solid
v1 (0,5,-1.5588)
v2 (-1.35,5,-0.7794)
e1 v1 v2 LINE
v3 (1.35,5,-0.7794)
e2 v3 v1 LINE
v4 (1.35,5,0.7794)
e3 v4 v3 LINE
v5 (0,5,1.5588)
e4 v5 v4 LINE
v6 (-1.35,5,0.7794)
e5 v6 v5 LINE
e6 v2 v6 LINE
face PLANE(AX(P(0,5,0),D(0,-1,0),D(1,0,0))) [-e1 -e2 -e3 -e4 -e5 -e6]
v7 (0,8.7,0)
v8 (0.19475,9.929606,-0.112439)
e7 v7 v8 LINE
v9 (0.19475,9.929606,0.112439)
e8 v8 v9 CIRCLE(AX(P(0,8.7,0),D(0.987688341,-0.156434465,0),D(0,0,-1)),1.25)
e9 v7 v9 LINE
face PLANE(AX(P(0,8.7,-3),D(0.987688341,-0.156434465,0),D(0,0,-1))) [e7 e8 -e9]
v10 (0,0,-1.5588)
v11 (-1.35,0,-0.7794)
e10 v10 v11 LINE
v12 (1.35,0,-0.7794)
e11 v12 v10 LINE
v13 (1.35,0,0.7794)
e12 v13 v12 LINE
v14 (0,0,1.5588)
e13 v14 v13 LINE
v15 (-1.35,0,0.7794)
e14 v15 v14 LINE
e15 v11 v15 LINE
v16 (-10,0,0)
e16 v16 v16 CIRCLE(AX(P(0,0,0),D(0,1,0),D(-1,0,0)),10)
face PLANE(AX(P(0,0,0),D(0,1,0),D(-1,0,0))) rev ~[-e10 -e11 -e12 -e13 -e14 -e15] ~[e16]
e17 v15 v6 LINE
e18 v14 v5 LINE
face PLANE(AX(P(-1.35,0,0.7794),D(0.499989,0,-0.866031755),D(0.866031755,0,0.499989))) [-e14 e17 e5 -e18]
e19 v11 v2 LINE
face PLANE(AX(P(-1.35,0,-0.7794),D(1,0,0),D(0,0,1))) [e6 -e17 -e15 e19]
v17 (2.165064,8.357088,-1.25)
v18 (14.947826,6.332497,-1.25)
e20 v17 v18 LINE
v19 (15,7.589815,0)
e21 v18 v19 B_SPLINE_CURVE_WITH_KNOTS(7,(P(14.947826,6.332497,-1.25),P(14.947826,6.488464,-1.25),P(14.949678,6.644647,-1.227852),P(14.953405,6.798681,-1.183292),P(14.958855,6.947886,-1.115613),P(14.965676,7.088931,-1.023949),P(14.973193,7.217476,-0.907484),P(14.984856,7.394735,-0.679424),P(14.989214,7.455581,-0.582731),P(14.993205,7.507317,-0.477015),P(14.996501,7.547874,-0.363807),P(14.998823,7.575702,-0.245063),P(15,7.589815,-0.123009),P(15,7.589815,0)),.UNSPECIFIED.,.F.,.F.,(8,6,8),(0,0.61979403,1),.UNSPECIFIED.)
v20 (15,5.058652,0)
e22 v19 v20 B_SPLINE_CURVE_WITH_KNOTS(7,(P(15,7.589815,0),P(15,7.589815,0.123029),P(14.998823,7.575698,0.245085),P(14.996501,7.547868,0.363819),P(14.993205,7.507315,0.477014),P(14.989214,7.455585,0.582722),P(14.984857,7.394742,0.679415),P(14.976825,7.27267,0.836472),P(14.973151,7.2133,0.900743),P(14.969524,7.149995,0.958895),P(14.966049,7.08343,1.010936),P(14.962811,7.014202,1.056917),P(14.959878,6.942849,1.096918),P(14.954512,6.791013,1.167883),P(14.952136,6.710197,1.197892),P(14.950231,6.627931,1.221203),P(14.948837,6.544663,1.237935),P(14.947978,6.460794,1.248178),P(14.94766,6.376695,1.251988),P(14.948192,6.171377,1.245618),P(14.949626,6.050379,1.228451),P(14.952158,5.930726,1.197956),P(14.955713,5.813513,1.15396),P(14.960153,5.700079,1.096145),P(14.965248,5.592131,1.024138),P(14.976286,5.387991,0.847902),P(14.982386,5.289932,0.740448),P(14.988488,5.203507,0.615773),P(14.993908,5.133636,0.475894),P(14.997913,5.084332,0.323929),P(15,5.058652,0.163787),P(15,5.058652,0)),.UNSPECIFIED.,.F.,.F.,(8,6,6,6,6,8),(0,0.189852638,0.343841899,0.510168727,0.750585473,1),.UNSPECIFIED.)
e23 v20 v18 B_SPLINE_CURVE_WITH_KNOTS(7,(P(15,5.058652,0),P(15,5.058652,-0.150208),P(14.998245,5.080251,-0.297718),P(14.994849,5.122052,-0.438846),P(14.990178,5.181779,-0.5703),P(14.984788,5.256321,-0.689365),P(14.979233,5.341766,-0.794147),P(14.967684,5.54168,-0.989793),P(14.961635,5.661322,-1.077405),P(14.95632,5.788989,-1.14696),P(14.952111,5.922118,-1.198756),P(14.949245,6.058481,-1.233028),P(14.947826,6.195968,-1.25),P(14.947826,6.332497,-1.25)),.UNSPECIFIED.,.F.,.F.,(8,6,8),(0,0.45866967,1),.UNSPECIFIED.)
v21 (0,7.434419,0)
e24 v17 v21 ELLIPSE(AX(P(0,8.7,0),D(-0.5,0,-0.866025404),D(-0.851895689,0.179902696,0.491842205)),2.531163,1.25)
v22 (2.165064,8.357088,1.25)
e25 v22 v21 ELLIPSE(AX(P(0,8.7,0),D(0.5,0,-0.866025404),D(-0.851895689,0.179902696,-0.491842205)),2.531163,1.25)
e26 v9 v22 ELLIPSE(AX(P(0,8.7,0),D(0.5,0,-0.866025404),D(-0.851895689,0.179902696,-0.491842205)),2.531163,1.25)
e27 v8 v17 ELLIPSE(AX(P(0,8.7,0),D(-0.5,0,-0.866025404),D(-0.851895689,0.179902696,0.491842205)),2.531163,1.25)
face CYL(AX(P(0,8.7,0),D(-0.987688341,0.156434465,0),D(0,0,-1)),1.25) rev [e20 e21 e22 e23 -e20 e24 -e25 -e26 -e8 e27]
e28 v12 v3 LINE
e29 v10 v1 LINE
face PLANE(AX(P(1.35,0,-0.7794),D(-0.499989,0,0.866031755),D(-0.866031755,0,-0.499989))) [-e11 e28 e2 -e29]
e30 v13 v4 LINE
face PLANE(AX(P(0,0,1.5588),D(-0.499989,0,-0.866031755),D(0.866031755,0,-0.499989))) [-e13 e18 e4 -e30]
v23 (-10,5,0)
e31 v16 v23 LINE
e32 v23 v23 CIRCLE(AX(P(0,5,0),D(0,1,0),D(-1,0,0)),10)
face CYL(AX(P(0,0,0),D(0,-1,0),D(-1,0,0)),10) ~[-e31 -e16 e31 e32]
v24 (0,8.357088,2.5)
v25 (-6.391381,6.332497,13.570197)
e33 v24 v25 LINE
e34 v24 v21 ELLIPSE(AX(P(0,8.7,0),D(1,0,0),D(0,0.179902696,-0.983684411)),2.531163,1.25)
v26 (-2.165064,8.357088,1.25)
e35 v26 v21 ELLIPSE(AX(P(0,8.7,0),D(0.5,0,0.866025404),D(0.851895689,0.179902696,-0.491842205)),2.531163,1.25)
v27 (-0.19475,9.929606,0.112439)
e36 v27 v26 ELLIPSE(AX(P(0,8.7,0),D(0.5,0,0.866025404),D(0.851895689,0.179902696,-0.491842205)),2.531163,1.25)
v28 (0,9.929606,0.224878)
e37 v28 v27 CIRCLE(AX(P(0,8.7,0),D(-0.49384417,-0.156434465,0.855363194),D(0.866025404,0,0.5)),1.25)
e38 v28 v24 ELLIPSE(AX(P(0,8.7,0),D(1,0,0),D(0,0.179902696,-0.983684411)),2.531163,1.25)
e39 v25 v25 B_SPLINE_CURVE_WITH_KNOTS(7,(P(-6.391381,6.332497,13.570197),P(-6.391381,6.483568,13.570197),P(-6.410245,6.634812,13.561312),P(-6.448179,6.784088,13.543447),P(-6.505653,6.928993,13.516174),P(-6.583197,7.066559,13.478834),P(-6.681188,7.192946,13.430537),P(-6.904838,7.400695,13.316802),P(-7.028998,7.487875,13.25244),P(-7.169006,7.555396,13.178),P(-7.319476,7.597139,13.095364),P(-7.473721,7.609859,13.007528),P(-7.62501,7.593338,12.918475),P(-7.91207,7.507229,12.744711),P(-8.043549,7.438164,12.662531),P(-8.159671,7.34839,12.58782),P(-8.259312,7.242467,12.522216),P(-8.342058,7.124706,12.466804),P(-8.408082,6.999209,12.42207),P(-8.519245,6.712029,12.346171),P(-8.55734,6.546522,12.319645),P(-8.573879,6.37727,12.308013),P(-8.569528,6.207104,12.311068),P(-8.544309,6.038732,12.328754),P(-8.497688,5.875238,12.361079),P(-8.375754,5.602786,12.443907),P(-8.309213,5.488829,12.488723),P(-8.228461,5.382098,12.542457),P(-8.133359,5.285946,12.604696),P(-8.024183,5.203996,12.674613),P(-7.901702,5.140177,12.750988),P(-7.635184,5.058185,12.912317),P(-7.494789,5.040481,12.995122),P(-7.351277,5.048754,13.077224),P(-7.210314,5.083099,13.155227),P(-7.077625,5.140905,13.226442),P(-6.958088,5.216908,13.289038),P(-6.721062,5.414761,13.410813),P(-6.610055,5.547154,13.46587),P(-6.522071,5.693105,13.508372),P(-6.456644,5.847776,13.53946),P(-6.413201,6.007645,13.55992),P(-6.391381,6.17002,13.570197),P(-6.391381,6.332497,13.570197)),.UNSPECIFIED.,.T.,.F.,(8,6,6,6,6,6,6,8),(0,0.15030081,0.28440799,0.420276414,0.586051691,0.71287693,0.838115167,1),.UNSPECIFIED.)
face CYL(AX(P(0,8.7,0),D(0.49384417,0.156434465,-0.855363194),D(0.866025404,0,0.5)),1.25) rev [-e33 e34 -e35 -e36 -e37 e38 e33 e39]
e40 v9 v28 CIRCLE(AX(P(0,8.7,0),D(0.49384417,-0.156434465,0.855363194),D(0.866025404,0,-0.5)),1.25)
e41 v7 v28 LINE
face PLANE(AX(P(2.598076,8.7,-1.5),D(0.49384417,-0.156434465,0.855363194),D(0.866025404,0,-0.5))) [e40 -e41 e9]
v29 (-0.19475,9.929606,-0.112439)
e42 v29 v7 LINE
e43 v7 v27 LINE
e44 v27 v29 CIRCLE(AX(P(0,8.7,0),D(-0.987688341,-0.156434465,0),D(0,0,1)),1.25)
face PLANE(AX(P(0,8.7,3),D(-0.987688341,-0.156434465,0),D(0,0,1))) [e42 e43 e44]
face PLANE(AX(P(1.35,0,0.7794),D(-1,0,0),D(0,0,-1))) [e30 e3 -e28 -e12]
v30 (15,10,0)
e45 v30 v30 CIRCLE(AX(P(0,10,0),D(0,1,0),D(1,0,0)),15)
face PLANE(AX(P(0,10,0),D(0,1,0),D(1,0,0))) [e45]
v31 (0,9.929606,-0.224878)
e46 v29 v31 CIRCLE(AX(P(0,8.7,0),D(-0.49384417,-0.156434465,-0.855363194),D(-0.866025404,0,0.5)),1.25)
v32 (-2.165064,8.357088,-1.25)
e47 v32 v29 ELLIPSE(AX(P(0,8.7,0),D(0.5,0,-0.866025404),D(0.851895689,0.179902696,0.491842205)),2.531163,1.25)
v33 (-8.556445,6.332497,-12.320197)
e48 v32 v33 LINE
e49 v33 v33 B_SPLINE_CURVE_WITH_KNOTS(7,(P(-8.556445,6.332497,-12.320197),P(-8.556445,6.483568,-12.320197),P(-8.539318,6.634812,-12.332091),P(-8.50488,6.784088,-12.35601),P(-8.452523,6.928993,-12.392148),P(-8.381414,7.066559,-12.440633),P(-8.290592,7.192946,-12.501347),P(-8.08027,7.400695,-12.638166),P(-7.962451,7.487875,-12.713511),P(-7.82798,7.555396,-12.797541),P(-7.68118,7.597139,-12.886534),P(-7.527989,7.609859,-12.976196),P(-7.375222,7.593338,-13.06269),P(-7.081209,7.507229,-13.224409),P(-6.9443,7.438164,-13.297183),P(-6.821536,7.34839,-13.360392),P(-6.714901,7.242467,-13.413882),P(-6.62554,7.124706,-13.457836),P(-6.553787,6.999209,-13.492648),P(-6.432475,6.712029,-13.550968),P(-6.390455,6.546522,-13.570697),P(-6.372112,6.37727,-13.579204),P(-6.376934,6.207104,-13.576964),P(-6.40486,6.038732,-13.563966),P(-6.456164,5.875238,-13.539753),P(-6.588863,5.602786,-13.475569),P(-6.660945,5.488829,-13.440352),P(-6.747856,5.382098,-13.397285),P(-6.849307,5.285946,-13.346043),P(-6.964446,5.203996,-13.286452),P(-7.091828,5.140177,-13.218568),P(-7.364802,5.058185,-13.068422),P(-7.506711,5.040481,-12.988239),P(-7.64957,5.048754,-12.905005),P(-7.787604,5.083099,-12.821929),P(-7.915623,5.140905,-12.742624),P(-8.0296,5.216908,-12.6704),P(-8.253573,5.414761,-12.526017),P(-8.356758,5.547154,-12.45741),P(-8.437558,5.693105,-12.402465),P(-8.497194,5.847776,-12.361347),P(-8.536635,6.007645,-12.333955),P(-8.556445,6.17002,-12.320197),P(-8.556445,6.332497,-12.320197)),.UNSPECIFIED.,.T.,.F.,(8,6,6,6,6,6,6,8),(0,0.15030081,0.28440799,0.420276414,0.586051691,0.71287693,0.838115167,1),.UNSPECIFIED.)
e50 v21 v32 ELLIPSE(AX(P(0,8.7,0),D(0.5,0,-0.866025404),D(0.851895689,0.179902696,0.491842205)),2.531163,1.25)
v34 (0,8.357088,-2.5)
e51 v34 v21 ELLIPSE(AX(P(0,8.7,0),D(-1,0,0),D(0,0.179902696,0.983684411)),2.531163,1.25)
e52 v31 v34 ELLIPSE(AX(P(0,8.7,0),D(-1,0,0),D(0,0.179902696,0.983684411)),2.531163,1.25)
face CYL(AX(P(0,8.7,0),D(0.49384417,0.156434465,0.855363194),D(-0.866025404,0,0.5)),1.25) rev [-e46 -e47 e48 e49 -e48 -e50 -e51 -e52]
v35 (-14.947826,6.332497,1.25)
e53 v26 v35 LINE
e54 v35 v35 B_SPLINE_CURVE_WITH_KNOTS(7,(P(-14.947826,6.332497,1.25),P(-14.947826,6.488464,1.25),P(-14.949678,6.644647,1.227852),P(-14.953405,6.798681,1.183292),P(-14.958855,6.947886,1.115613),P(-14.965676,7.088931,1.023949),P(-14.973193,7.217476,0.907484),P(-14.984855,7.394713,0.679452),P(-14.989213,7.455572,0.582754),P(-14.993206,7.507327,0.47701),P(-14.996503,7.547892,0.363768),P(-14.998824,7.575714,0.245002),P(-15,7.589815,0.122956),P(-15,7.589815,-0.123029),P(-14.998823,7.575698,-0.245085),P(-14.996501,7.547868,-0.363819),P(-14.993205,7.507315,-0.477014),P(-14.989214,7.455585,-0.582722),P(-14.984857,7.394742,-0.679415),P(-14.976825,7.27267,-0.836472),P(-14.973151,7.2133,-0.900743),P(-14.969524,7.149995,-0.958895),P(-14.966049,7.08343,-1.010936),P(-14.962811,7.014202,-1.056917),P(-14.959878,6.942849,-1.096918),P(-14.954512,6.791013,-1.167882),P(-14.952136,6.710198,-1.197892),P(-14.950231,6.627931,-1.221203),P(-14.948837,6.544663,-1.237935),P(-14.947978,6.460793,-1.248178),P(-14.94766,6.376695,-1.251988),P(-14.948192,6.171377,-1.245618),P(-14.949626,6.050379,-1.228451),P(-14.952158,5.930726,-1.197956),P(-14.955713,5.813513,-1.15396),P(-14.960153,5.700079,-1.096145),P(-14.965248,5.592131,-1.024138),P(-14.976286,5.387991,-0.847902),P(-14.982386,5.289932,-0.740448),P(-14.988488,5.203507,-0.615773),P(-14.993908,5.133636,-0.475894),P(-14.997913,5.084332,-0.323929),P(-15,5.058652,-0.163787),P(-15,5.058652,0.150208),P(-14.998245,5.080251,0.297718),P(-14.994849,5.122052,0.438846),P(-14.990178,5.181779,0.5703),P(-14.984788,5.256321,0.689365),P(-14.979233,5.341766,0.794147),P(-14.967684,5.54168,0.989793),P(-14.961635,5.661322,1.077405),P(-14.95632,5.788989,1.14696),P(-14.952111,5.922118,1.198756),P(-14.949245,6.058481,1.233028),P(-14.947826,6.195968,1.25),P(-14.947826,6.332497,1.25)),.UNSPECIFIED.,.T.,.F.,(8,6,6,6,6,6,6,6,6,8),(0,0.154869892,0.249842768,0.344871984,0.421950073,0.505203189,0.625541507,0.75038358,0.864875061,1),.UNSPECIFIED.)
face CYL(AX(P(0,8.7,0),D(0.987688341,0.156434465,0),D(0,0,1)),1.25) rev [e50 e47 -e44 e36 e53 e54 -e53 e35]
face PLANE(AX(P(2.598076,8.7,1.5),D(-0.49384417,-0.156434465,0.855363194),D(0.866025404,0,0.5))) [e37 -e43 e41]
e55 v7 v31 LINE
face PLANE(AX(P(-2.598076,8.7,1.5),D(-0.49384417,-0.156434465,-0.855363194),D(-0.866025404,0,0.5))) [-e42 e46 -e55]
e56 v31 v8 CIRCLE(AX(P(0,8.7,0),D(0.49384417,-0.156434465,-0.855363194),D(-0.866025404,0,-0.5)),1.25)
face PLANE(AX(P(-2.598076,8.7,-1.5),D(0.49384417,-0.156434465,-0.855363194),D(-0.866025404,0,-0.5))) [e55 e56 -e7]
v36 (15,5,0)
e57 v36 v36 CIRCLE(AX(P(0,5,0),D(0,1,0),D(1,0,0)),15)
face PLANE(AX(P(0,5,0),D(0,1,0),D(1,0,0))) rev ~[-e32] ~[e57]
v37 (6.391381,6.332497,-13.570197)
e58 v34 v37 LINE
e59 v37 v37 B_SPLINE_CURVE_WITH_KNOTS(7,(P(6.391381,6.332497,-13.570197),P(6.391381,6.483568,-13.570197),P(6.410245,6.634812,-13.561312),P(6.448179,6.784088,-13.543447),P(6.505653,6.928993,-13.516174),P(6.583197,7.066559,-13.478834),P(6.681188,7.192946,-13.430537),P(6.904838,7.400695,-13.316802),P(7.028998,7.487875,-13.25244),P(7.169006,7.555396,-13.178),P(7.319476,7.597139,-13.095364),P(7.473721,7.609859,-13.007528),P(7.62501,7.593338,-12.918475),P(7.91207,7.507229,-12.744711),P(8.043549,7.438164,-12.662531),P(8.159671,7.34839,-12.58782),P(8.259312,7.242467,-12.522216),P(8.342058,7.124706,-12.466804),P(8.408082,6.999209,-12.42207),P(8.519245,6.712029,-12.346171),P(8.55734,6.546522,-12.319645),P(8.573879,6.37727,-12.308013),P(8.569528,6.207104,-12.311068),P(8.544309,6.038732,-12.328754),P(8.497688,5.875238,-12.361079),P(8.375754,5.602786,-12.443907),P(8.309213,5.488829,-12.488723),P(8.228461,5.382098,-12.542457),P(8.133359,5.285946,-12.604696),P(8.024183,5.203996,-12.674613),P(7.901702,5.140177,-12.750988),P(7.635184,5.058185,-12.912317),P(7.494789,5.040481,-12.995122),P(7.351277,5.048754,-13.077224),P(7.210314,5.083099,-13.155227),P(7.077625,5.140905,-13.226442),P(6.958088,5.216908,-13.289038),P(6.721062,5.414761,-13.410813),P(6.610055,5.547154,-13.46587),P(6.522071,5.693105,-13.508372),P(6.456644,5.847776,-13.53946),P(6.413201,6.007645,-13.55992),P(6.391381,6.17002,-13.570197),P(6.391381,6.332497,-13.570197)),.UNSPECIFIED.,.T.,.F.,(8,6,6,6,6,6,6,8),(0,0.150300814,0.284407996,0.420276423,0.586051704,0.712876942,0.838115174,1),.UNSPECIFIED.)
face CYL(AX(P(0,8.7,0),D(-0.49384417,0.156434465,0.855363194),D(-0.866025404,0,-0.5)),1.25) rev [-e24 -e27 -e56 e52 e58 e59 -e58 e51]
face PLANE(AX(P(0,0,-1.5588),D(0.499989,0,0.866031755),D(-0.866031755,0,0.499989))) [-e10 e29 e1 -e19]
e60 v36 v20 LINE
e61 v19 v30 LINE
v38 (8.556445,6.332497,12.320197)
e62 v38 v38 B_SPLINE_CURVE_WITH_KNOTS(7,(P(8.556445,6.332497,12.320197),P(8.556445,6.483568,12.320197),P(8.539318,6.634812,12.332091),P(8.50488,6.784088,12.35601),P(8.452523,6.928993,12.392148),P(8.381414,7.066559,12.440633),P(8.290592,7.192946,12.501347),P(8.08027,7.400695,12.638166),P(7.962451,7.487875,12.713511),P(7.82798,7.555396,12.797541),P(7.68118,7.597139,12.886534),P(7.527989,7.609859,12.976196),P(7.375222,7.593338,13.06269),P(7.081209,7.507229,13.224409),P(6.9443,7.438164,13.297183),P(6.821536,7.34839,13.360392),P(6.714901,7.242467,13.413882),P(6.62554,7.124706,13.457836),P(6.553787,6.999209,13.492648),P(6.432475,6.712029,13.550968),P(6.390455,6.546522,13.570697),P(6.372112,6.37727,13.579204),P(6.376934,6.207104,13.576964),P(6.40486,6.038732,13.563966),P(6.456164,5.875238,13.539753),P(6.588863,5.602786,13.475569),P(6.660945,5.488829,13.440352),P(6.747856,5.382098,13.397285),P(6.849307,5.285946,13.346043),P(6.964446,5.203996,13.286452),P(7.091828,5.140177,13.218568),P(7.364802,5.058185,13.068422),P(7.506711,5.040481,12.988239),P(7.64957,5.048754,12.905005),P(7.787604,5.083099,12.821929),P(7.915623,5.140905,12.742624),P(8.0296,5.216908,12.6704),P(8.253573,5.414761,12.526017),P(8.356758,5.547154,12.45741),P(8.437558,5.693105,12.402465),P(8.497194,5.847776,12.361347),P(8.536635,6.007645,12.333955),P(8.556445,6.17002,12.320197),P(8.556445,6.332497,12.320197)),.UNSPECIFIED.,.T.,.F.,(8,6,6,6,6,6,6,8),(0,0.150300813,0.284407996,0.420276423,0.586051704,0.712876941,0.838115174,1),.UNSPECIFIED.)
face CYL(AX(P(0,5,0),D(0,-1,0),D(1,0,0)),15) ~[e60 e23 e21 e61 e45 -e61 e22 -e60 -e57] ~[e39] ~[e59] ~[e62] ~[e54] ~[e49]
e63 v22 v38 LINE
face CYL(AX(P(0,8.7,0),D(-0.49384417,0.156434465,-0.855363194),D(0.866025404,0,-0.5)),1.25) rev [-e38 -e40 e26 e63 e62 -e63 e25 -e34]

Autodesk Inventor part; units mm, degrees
ref_plane "YZ Plane" through (0, 0, 0) normal (1, 0, 0) x (0, 1, 0)
ref_plane "XZ Plane" through (0, 0, 0) normal (0, 1, 0) x (-1, 0, 0)
sketch "スケッチ1" plane through (0, 0, 0) normal (0, 1, 0) x (-1, 0, 0)
  circle A0 centre (0, 0) radius 10
  dimension "d0" = 20
extrude "押し出し1" add sketch "スケッチ1" along normal blind 5
sketch "スケッチ2" plane through (0, 5, 0) normal (0, 1, 0) x (1, 0, 0)
  circle A0 centre (0, 0) radius 15
  dimension "dia_rod_base" = 30
extrude "押し出し2" add sketch "スケッチ2" along normal blind 5
sketch "スケッチ5" plane through (0, 0, 0) normal (0, -1, 0) x (1, 0, 0)
  line L0 (0, 1.5588) -> (1.35, 0.7794)
  line L1 (1.35, 0.7794) -> (1.35, -0.7794)
  line L2 (1.35, -0.7794) -> (0, -1.5588)
  line L3 (0, -1.5588) -> (-1.35, -0.7794)
  line L4 (-1.35, -0.7794) -> (-1.35, 0.7794)
  line L5 (-1.35, 0.7794) -> (0, 1.5588)
  point P0 (0, 0)
  point P1 (0, 0)
  dimension "d14" = 2.7
extrude "押し出し3" cut sketch "スケッチ5" against normal blind 5
ref_plane "作業平面1" through (0, 0, 3) normal (0, 0, 1) x (1, 0, 0)
sketch "スケッチ10" plane through (0, 0, 3) normal (0, 0, 1) x (1, 0, 0)
  line L0 (15, 10) -> (-15, 10) projected
  line L1 (15, 10) -> (-15, 10) projected
  line L2 (15, 5) -> (-15.1085, 12.4268)
  line L3 (15, 5) -> (15, 10) projected
  line L4 (15, 5) -> (-15.1085, 12.4268)
  point P0 (0, 0)
  point P1 (0, 8.7)
  point P2 (0, 10)
  point P3 (-0.0543, 8.7134)
  dimension "d30" = 15
  dimension "d37" = 1.3
ref_plane "作業平面2" through (0, 8.7, 3) normal (-0.9877, -0.1564, 0) x (0, 0, 1)
sketch "スケッチ11" plane through (0, 8.7, 3) normal (-0.9877, -0.1564, 0) x (0, 0, 1)
  circle A0 centre (-3, 0) radius 1.25
  line L0 (-18, -3.6544) -> (-18, 1.284) projected
  line L1 (12, -3.6544) -> (12, 1.284) projected
  line L2 (-24, 0) -> (18, 0) projected
  point P0 (-3, -8.5929)
  dimension "d32" = 2.5
  dimension "d33" = 15
extrude "押し出し6" cut sketch "スケッチ11" along normal through all
pattern_circular "円形状パターン2" count 6 over 360 about axis through (0, 5, 0) along (0, 1, 0) of "押し出し6"
equation "\"d30\" = 0.5 * dia_rod_base"
properties part number "exp_tire_6rod_lower_rev0"
